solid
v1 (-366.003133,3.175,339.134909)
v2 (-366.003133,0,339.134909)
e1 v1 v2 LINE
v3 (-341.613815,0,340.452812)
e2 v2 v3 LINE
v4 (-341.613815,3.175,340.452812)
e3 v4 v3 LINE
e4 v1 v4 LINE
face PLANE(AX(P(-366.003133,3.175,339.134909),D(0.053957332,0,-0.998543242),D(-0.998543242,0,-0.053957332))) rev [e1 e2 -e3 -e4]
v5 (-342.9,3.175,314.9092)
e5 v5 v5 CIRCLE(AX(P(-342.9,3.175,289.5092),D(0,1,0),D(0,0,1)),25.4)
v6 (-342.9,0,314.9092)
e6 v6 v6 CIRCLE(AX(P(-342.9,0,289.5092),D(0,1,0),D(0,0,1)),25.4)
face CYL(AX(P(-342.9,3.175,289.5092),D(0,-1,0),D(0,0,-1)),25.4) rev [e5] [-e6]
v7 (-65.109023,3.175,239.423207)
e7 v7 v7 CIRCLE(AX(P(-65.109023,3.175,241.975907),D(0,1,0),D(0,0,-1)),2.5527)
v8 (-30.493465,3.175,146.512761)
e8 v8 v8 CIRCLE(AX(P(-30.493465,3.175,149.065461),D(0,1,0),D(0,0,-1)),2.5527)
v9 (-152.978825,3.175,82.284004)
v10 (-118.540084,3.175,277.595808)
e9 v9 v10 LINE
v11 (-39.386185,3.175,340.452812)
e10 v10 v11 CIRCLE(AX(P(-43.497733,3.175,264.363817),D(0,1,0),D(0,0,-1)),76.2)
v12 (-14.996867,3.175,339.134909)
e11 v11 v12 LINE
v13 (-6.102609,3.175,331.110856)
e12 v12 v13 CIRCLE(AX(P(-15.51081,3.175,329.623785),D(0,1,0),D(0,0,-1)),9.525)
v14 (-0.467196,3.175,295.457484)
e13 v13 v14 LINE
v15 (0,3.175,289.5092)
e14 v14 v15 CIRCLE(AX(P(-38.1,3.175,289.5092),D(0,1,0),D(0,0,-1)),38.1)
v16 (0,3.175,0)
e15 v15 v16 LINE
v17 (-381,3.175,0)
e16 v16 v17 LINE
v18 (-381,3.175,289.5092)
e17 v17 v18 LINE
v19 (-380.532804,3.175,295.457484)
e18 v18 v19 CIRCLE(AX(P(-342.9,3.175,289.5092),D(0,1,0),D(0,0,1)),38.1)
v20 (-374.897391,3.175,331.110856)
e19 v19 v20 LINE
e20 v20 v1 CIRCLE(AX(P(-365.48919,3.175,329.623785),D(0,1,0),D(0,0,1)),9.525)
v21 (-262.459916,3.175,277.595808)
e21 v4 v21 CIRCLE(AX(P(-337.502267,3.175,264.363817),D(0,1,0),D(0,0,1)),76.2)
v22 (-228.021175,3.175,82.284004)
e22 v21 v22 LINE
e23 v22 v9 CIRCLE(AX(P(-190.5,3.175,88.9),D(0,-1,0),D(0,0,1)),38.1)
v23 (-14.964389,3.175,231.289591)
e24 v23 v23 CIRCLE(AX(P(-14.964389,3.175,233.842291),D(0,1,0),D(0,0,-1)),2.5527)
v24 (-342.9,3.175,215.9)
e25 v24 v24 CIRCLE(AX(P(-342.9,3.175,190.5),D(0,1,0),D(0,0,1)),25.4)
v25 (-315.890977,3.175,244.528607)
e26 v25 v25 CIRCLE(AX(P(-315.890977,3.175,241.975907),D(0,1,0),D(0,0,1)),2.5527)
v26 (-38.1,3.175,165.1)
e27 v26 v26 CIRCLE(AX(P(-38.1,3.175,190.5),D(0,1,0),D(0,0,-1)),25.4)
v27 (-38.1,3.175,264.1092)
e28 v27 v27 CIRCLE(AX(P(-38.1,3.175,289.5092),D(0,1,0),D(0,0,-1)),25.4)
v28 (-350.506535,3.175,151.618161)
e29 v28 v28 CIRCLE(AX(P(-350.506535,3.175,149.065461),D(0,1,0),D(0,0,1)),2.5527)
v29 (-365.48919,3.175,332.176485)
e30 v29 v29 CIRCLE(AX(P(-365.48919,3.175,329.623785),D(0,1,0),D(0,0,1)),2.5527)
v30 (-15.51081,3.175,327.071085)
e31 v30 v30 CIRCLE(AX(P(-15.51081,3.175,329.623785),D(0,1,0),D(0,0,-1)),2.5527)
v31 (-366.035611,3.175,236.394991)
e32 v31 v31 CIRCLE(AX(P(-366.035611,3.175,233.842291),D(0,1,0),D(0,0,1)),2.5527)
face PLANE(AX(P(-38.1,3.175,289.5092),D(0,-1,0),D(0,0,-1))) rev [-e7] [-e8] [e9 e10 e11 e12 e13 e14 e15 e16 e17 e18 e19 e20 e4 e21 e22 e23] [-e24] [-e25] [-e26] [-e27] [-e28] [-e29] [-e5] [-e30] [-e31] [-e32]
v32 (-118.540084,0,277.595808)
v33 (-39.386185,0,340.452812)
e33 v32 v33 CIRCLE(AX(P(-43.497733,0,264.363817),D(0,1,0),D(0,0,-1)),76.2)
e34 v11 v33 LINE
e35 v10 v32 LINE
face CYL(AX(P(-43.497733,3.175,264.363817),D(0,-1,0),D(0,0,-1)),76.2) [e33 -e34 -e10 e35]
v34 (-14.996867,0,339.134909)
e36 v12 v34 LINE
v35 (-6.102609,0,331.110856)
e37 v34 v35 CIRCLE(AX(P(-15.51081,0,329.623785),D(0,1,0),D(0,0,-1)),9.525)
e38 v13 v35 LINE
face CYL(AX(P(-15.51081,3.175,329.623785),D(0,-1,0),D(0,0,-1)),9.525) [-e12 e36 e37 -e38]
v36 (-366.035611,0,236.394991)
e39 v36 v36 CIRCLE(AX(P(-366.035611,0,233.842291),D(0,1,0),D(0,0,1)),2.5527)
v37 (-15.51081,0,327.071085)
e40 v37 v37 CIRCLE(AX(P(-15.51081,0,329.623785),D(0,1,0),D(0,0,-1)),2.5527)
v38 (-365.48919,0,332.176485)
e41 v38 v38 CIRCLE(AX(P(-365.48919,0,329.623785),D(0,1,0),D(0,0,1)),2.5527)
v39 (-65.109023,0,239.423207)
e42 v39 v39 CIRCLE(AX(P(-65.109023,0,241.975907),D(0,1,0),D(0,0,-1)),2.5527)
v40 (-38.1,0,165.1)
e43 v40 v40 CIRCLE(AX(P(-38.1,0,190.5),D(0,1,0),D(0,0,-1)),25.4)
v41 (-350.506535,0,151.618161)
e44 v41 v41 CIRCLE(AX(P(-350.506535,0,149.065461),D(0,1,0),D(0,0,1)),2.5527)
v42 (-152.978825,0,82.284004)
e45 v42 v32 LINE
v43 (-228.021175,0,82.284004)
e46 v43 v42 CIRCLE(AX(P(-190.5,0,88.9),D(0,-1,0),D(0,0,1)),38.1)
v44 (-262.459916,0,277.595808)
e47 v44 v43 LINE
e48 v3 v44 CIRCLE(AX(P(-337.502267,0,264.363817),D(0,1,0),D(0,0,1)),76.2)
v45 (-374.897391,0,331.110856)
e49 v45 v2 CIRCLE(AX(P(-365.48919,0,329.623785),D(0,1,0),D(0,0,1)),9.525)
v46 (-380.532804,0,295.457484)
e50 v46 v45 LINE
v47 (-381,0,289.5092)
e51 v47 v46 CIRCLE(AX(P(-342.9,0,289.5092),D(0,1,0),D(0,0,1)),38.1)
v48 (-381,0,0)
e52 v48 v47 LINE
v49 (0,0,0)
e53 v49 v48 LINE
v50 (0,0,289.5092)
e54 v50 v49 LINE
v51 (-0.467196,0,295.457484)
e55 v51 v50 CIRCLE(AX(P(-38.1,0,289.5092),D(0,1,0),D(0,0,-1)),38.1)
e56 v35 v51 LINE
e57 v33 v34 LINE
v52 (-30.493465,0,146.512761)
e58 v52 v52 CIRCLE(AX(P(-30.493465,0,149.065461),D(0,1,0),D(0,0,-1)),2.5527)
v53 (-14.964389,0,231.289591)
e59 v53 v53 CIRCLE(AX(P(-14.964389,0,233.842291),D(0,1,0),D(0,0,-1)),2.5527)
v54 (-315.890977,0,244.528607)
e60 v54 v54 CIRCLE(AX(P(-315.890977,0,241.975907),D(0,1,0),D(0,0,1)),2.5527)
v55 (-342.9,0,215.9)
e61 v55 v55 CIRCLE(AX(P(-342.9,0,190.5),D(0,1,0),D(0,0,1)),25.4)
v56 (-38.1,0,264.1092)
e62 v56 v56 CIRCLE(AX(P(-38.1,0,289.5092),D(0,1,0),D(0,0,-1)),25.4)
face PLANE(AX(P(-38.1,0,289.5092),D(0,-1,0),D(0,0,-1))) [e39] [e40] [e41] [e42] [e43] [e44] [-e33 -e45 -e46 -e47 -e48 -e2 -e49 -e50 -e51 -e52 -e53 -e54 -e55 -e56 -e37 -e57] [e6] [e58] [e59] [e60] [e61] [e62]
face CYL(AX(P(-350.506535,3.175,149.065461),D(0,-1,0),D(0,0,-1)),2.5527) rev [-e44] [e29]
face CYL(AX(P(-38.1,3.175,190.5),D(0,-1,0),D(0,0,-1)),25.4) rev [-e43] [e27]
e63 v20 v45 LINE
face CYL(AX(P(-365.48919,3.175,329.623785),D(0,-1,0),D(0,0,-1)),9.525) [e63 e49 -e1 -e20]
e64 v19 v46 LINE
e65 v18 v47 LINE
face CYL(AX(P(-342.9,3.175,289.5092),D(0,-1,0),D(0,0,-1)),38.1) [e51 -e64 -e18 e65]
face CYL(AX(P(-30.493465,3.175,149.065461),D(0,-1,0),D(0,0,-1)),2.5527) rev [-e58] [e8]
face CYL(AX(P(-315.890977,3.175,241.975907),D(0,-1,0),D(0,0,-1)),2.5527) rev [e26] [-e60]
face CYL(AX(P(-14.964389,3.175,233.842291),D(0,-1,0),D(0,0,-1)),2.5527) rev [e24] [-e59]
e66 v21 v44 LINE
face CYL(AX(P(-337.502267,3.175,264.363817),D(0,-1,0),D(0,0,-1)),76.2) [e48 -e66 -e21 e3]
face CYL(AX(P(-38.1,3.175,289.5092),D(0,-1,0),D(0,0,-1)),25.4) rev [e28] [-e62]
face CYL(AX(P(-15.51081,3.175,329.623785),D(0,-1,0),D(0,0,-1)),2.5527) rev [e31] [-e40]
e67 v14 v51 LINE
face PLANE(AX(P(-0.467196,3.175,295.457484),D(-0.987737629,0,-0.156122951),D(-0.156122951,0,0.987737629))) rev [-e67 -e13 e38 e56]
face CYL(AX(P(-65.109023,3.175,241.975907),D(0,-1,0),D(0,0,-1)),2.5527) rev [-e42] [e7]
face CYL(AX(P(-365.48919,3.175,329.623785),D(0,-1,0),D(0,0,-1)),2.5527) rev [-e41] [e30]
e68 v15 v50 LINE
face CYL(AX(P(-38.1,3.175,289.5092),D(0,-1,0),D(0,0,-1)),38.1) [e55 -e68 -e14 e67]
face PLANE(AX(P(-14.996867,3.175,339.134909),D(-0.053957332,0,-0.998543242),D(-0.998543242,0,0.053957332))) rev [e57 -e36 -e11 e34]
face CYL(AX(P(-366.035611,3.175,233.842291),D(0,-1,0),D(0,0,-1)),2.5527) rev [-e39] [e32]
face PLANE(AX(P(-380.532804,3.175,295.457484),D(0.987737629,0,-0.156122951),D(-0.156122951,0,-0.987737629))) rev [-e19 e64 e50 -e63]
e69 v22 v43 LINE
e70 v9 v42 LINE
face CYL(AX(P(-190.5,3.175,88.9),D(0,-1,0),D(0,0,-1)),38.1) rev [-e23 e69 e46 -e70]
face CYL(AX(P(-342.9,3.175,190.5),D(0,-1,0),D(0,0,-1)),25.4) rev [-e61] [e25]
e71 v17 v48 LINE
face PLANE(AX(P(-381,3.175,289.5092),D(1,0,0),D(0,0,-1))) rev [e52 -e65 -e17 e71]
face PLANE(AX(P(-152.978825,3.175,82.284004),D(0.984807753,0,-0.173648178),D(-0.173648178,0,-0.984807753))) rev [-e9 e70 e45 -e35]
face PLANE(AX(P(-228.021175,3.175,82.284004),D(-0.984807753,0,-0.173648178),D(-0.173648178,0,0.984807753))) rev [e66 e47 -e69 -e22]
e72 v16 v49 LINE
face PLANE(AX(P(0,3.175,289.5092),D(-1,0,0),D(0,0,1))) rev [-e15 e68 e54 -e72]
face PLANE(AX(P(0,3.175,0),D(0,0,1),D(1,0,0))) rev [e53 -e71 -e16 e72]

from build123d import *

# Parameters (mm, degrees)
SKETCH1_R           = 25.4
SKETCH1_R_2         = 2.5527
BOSS_EXTRUDE1_DEPTH = 3.175


with BuildPart() as part:
    # Sketch1 → Boss-Extrude1 (new body)
    with BuildSketch(Plane(origin=(0, 0, 0), x_dir=(1, 0, 0), z_dir=(0, 1, 0))):
        with BuildLine():
            Line((0, 0), (-381, 0))
            Line((-381, 0), (-381, -289.5092))
            ThreePointArc((-381, -289.5092), (-380.883021338, -292.492501864), (-380.532803674, -295.457484428))
            Line((-380.532803674, -295.457484428), (-374.89739058, -331.110855945))
            ThreePointArc((-374.89739058, -331.110855945), (-371.869518463, -336.696056706), (-366.003133246, -339.134909219))
            Line((-366.003133246, -339.134909219), (-341.613815414, -340.452811597))
            ThreePointArc((-341.613815414, -340.452811597), (-290.115080631, -324.037048347), (-262.459915955, -277.595807687))
            Line((-262.459915955, -277.595807687), (-228.02117539, -82.284004431))
            ThreePointArc((-228.02117539, -82.284004431), (-190.5, -50.8), (-152.97882461, -82.284004431))
            Line((-152.97882461, -82.284004431), (-118.540084045, -277.595807687))
            ThreePointArc((-118.540084045, -277.595807687), (-90.884919369, -324.037048347), (-39.386184586, -340.452811597))
            Line((-39.386184586, -340.452811597), (-14.996866754, -339.134909219))
            ThreePointArc((-14.996866754, -339.134909219), (-9.130481537, -336.696056706), (-6.10260942, -331.110855945))
            Line((-6.10260942, -331.110855945), (-0.467196326, -295.457484428))
            ThreePointArc((-0.467196326, -295.457484428), (-0.116978662, -292.492501864), (0, -289.5092))
            Line((0, -289.5092), (0, 0))
        make_face()
        with Locations(Location((-342.9, -190.5, 0), (0, 0, 270))):
            Circle(SKETCH1_R, mode=Mode.SUBTRACT)
        with Locations(Location((-350.506535266, -149.065461092, 0), (0, 0, 270))):
            Circle(SKETCH1_R_2, mode=Mode.SUBTRACT)
        with Locations(Location((-342.9, -289.5092, 0), (0, 0, 270))):
            Circle(SKETCH1_R, mode=Mode.SUBTRACT)
        with Locations(Location((-365.489189661, -329.623784838, 0), (0, 0, 270))):
            Circle(SKETCH1_R_2, mode=Mode.SUBTRACT)
        with Locations(Location((-366.035610617, -233.842290605, 0), (0, 0, 270))):
            Circle(SKETCH1_R_2, mode=Mode.SUBTRACT)
        with Locations(Location((-315.890976945, -241.97590689, 0), (0, 0, 270))):
            Circle(SKETCH1_R_2, mode=Mode.SUBTRACT)
        with Locations(Location((-65.109023055, -241.97590689, 0), (0, 0, 90))):
            Circle(SKETCH1_R_2, mode=Mode.SUBTRACT)
        with Locations(Location((-14.964389383, -233.842290605, 0), (0, 0, 90))):
            Circle(SKETCH1_R_2, mode=Mode.SUBTRACT)
        with Locations(Location((-15.510810339, -329.623784838, 0), (0, 0, 90))):
            Circle(SKETCH1_R_2, mode=Mode.SUBTRACT)
        with Locations(Location((-38.1, -289.5092, 0), (0, 0, 90))):
            Circle(SKETCH1_R, mode=Mode.SUBTRACT)
        with Locations(Location((-30.493464734, -149.065461092, 0), (0, 0, 90))):
            Circle(SKETCH1_R_2, mode=Mode.SUBTRACT)
        with Locations(Location((-38.1, -190.5, 0), (0, 0, 90))):
            Circle(SKETCH1_R, mode=Mode.SUBTRACT)
    extrude(amount=BOSS_EXTRUDE1_DEPTH)


solid = part.part
